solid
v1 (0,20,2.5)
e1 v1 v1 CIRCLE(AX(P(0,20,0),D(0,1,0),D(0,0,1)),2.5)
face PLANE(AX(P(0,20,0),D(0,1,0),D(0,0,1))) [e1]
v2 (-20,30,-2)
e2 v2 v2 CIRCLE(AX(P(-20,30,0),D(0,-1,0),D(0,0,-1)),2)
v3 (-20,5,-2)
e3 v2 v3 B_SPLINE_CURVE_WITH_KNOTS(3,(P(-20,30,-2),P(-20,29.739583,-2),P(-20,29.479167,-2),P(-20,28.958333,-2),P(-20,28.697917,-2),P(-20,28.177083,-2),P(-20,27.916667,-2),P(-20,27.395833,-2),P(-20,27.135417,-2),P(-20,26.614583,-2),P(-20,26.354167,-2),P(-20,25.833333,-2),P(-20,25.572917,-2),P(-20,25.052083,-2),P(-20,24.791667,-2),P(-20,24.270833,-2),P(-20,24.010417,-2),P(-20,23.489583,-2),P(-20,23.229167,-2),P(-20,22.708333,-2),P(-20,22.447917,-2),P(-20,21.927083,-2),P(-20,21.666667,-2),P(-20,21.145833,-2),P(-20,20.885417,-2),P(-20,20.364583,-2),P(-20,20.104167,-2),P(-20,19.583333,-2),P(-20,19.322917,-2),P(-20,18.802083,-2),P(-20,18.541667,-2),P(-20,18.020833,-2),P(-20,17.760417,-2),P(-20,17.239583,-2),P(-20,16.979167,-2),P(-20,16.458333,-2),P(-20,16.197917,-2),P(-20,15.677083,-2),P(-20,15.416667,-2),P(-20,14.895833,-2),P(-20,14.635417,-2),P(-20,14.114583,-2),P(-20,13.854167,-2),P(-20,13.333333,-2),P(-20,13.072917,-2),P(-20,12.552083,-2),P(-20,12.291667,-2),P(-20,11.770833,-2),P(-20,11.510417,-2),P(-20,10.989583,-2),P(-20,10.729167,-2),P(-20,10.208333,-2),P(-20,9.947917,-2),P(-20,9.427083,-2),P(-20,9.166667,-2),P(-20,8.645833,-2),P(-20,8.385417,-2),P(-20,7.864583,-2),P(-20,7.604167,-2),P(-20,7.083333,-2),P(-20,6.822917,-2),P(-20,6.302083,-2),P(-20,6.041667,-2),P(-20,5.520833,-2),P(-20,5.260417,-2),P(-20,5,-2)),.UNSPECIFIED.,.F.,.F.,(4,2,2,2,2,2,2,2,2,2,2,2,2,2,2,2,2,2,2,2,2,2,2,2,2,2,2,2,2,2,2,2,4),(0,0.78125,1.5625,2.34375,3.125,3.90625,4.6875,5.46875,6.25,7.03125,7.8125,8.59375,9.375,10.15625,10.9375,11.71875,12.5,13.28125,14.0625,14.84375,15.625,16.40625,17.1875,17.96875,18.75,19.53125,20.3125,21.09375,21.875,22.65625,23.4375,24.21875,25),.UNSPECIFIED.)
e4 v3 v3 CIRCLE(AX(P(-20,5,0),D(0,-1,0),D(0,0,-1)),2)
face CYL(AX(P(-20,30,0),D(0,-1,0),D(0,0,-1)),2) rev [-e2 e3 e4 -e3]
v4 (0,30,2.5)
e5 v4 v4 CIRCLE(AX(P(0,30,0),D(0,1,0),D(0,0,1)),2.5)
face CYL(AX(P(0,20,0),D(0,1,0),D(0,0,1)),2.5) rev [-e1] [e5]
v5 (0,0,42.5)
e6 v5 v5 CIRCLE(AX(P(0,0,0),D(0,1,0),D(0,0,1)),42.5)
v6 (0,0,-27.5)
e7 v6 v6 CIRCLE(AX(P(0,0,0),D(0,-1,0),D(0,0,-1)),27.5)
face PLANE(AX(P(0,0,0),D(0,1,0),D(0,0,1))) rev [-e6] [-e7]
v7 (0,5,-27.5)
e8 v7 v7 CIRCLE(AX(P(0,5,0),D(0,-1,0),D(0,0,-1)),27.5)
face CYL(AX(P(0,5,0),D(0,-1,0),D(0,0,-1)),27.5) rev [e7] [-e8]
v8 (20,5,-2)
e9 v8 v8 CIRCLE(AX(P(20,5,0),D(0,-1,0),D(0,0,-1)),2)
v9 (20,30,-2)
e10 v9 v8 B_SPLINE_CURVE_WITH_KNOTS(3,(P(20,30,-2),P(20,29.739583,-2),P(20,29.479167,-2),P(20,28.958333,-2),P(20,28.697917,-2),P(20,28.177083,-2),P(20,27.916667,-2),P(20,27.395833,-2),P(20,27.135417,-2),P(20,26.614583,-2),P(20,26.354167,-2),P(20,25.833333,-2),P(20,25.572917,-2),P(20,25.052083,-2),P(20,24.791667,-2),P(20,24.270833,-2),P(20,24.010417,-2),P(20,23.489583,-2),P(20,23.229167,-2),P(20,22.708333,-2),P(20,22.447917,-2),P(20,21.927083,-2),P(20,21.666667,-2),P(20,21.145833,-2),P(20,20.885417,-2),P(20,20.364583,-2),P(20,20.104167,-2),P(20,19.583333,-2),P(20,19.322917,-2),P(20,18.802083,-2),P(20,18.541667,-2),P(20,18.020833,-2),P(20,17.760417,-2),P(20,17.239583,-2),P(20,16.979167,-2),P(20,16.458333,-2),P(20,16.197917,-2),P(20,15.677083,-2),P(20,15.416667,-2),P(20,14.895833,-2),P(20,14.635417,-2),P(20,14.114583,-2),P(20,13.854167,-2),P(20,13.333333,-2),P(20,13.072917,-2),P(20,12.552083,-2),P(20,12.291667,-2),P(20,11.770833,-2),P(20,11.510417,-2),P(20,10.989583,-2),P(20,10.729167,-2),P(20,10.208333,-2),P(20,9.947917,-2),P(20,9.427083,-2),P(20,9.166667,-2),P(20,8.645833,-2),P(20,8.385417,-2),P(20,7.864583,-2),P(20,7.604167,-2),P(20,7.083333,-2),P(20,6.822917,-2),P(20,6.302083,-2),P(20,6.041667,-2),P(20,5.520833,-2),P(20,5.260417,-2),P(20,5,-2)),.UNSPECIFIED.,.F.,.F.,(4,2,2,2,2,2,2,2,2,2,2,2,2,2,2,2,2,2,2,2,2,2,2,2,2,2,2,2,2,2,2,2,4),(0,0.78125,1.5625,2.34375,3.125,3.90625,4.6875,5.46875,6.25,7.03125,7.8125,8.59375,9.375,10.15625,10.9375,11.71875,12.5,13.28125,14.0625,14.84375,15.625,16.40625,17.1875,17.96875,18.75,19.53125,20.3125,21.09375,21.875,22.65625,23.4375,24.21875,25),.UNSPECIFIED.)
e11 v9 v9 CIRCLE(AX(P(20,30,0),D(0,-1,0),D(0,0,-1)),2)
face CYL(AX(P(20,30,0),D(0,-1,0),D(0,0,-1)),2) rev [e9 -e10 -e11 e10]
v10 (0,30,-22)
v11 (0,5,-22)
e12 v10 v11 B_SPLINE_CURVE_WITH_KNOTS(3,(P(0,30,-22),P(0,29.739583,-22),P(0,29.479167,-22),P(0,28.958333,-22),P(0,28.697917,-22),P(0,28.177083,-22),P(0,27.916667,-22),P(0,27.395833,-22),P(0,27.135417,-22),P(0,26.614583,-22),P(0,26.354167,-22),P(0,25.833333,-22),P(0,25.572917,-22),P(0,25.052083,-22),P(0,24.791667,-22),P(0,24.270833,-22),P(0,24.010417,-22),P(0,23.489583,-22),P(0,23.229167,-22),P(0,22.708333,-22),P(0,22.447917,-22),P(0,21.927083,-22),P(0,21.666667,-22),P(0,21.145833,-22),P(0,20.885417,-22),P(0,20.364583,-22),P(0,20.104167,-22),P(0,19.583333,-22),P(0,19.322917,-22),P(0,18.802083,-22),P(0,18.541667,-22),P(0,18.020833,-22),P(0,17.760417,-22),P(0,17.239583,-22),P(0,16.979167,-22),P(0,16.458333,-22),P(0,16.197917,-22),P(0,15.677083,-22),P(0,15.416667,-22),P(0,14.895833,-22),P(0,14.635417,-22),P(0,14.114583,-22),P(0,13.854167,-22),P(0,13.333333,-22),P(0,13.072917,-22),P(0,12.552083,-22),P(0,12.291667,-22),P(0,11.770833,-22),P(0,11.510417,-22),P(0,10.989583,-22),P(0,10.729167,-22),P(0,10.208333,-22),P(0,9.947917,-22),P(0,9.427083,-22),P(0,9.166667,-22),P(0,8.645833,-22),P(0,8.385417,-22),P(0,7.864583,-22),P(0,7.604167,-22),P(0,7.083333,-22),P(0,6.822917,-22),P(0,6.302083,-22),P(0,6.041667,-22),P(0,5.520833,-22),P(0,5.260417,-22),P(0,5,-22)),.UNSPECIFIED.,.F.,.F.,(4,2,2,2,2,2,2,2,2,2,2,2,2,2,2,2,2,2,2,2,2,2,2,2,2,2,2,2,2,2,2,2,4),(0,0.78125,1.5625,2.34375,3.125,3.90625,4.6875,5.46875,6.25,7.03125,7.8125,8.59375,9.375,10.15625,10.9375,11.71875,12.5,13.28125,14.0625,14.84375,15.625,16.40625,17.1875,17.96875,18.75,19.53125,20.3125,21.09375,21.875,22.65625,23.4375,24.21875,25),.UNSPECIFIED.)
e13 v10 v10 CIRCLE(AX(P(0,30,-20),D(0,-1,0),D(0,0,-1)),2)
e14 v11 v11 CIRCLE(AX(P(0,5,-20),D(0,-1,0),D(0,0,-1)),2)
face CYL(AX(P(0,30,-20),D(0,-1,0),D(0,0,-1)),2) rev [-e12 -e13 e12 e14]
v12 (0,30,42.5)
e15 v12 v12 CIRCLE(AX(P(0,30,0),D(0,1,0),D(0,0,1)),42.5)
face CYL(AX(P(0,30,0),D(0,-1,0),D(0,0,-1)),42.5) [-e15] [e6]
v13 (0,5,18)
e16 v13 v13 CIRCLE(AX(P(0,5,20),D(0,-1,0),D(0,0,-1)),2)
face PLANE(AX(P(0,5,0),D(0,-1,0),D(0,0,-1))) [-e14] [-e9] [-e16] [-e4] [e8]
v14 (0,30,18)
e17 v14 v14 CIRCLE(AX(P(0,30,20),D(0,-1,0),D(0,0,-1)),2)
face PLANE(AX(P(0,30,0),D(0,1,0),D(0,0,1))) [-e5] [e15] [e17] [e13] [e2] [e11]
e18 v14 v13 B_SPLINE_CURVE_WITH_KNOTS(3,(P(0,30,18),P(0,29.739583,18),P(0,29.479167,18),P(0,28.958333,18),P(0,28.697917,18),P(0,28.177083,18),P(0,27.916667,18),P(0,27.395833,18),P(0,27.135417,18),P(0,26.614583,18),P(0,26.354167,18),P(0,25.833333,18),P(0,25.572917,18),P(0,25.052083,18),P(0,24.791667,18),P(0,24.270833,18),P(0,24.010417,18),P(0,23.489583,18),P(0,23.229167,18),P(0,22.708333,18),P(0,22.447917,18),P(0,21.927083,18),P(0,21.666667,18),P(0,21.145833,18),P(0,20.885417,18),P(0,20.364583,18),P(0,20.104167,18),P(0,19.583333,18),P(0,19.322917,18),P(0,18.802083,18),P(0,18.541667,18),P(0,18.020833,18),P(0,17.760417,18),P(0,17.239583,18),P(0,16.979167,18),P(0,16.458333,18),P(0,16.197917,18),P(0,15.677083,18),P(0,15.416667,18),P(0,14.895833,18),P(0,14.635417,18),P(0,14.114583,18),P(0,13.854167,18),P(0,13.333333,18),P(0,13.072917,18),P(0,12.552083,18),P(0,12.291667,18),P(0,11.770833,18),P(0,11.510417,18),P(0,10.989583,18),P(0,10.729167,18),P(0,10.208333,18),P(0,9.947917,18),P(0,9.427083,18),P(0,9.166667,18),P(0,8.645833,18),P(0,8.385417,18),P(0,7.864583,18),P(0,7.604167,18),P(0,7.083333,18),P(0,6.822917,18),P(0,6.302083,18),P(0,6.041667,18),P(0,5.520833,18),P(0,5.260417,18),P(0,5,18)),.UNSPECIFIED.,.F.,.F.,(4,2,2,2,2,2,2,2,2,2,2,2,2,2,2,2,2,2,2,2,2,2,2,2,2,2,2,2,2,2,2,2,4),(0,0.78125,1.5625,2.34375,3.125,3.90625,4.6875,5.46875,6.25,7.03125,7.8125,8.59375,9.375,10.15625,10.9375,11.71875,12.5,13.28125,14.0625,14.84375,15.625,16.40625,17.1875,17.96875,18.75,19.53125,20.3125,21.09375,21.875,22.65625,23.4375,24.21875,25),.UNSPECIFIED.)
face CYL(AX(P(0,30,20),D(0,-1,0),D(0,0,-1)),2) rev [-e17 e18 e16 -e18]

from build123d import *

# Parameters (mm, degrees)
CROQUIS1_R              = 42.5
SALIENTE_EXTRUIR1_DEPTH = 30
CROQUIS2_R              = 2.5
CORTAR_EXTRUIR1_DEPTH   = 10
CROQUIS3_R              = 27.5
CORTAR_EXTRUIR2_DEPTH   = 5
CROQUIS4_R              = 2
CORTAR_EXTRUIR3_DEPTH   = 66.096082831


with BuildPart() as part:
    # Croquis1 → Saliente-Extruir1 (new body)
    with BuildSketch(Plane(origin=(0, 0, 0), x_dir=(1, 0, 0), z_dir=(0, 1, 0))):
        with Locations(Location((0, 0, 0), (0, 0, 270))):
            Circle(CROQUIS1_R)
    extrude(amount=SALIENTE_EXTRUIR1_DEPTH)

    # Croquis2 → Cortar-Extruir1 (cut)
    with BuildSketch(Plane(origin=(0, 30, 0), x_dir=(1, 0, 0), z_dir=(0, 1, 0))):
        with Locations(Location((0, 0, 0), (0, 0, 270))):
            Circle(CROQUIS2_R)
    extrude(amount=-CORTAR_EXTRUIR1_DEPTH, mode=Mode.SUBTRACT)

    # Croquis3 → Cortar-Extruir2 (cut)
    with BuildSketch(Plane.XZ):
        with Locations(Location((0, 0, 0), (0, 0, 270))):
            Circle(CROQUIS3_R)
    extrude(amount=-CORTAR_EXTRUIR2_DEPTH, mode=Mode.SUBTRACT)

    # Croquis4 → Cortar-Extruir3 (cut, through all)
    with BuildSketch(Plane.XZ.offset(-5)):
        with Locations(Location((0, 20, 0), (0, 0, 270))):
            Circle(CROQUIS4_R)
        with Locations(Location((-20, 0, 0), (0, 0, 270))):
            Circle(CROQUIS4_R)
        with Locations(Location((0, -20, 0), (0, 0, 270))):
            Circle(CROQUIS4_R)
        with Locations(Location((20, 0, 0), (0, 0, 270))):
            Circle(CROQUIS4_R)
    extrude(amount=-CORTAR_EXTRUIR3_DEPTH, mode=Mode.SUBTRACT)


solid = part.part
